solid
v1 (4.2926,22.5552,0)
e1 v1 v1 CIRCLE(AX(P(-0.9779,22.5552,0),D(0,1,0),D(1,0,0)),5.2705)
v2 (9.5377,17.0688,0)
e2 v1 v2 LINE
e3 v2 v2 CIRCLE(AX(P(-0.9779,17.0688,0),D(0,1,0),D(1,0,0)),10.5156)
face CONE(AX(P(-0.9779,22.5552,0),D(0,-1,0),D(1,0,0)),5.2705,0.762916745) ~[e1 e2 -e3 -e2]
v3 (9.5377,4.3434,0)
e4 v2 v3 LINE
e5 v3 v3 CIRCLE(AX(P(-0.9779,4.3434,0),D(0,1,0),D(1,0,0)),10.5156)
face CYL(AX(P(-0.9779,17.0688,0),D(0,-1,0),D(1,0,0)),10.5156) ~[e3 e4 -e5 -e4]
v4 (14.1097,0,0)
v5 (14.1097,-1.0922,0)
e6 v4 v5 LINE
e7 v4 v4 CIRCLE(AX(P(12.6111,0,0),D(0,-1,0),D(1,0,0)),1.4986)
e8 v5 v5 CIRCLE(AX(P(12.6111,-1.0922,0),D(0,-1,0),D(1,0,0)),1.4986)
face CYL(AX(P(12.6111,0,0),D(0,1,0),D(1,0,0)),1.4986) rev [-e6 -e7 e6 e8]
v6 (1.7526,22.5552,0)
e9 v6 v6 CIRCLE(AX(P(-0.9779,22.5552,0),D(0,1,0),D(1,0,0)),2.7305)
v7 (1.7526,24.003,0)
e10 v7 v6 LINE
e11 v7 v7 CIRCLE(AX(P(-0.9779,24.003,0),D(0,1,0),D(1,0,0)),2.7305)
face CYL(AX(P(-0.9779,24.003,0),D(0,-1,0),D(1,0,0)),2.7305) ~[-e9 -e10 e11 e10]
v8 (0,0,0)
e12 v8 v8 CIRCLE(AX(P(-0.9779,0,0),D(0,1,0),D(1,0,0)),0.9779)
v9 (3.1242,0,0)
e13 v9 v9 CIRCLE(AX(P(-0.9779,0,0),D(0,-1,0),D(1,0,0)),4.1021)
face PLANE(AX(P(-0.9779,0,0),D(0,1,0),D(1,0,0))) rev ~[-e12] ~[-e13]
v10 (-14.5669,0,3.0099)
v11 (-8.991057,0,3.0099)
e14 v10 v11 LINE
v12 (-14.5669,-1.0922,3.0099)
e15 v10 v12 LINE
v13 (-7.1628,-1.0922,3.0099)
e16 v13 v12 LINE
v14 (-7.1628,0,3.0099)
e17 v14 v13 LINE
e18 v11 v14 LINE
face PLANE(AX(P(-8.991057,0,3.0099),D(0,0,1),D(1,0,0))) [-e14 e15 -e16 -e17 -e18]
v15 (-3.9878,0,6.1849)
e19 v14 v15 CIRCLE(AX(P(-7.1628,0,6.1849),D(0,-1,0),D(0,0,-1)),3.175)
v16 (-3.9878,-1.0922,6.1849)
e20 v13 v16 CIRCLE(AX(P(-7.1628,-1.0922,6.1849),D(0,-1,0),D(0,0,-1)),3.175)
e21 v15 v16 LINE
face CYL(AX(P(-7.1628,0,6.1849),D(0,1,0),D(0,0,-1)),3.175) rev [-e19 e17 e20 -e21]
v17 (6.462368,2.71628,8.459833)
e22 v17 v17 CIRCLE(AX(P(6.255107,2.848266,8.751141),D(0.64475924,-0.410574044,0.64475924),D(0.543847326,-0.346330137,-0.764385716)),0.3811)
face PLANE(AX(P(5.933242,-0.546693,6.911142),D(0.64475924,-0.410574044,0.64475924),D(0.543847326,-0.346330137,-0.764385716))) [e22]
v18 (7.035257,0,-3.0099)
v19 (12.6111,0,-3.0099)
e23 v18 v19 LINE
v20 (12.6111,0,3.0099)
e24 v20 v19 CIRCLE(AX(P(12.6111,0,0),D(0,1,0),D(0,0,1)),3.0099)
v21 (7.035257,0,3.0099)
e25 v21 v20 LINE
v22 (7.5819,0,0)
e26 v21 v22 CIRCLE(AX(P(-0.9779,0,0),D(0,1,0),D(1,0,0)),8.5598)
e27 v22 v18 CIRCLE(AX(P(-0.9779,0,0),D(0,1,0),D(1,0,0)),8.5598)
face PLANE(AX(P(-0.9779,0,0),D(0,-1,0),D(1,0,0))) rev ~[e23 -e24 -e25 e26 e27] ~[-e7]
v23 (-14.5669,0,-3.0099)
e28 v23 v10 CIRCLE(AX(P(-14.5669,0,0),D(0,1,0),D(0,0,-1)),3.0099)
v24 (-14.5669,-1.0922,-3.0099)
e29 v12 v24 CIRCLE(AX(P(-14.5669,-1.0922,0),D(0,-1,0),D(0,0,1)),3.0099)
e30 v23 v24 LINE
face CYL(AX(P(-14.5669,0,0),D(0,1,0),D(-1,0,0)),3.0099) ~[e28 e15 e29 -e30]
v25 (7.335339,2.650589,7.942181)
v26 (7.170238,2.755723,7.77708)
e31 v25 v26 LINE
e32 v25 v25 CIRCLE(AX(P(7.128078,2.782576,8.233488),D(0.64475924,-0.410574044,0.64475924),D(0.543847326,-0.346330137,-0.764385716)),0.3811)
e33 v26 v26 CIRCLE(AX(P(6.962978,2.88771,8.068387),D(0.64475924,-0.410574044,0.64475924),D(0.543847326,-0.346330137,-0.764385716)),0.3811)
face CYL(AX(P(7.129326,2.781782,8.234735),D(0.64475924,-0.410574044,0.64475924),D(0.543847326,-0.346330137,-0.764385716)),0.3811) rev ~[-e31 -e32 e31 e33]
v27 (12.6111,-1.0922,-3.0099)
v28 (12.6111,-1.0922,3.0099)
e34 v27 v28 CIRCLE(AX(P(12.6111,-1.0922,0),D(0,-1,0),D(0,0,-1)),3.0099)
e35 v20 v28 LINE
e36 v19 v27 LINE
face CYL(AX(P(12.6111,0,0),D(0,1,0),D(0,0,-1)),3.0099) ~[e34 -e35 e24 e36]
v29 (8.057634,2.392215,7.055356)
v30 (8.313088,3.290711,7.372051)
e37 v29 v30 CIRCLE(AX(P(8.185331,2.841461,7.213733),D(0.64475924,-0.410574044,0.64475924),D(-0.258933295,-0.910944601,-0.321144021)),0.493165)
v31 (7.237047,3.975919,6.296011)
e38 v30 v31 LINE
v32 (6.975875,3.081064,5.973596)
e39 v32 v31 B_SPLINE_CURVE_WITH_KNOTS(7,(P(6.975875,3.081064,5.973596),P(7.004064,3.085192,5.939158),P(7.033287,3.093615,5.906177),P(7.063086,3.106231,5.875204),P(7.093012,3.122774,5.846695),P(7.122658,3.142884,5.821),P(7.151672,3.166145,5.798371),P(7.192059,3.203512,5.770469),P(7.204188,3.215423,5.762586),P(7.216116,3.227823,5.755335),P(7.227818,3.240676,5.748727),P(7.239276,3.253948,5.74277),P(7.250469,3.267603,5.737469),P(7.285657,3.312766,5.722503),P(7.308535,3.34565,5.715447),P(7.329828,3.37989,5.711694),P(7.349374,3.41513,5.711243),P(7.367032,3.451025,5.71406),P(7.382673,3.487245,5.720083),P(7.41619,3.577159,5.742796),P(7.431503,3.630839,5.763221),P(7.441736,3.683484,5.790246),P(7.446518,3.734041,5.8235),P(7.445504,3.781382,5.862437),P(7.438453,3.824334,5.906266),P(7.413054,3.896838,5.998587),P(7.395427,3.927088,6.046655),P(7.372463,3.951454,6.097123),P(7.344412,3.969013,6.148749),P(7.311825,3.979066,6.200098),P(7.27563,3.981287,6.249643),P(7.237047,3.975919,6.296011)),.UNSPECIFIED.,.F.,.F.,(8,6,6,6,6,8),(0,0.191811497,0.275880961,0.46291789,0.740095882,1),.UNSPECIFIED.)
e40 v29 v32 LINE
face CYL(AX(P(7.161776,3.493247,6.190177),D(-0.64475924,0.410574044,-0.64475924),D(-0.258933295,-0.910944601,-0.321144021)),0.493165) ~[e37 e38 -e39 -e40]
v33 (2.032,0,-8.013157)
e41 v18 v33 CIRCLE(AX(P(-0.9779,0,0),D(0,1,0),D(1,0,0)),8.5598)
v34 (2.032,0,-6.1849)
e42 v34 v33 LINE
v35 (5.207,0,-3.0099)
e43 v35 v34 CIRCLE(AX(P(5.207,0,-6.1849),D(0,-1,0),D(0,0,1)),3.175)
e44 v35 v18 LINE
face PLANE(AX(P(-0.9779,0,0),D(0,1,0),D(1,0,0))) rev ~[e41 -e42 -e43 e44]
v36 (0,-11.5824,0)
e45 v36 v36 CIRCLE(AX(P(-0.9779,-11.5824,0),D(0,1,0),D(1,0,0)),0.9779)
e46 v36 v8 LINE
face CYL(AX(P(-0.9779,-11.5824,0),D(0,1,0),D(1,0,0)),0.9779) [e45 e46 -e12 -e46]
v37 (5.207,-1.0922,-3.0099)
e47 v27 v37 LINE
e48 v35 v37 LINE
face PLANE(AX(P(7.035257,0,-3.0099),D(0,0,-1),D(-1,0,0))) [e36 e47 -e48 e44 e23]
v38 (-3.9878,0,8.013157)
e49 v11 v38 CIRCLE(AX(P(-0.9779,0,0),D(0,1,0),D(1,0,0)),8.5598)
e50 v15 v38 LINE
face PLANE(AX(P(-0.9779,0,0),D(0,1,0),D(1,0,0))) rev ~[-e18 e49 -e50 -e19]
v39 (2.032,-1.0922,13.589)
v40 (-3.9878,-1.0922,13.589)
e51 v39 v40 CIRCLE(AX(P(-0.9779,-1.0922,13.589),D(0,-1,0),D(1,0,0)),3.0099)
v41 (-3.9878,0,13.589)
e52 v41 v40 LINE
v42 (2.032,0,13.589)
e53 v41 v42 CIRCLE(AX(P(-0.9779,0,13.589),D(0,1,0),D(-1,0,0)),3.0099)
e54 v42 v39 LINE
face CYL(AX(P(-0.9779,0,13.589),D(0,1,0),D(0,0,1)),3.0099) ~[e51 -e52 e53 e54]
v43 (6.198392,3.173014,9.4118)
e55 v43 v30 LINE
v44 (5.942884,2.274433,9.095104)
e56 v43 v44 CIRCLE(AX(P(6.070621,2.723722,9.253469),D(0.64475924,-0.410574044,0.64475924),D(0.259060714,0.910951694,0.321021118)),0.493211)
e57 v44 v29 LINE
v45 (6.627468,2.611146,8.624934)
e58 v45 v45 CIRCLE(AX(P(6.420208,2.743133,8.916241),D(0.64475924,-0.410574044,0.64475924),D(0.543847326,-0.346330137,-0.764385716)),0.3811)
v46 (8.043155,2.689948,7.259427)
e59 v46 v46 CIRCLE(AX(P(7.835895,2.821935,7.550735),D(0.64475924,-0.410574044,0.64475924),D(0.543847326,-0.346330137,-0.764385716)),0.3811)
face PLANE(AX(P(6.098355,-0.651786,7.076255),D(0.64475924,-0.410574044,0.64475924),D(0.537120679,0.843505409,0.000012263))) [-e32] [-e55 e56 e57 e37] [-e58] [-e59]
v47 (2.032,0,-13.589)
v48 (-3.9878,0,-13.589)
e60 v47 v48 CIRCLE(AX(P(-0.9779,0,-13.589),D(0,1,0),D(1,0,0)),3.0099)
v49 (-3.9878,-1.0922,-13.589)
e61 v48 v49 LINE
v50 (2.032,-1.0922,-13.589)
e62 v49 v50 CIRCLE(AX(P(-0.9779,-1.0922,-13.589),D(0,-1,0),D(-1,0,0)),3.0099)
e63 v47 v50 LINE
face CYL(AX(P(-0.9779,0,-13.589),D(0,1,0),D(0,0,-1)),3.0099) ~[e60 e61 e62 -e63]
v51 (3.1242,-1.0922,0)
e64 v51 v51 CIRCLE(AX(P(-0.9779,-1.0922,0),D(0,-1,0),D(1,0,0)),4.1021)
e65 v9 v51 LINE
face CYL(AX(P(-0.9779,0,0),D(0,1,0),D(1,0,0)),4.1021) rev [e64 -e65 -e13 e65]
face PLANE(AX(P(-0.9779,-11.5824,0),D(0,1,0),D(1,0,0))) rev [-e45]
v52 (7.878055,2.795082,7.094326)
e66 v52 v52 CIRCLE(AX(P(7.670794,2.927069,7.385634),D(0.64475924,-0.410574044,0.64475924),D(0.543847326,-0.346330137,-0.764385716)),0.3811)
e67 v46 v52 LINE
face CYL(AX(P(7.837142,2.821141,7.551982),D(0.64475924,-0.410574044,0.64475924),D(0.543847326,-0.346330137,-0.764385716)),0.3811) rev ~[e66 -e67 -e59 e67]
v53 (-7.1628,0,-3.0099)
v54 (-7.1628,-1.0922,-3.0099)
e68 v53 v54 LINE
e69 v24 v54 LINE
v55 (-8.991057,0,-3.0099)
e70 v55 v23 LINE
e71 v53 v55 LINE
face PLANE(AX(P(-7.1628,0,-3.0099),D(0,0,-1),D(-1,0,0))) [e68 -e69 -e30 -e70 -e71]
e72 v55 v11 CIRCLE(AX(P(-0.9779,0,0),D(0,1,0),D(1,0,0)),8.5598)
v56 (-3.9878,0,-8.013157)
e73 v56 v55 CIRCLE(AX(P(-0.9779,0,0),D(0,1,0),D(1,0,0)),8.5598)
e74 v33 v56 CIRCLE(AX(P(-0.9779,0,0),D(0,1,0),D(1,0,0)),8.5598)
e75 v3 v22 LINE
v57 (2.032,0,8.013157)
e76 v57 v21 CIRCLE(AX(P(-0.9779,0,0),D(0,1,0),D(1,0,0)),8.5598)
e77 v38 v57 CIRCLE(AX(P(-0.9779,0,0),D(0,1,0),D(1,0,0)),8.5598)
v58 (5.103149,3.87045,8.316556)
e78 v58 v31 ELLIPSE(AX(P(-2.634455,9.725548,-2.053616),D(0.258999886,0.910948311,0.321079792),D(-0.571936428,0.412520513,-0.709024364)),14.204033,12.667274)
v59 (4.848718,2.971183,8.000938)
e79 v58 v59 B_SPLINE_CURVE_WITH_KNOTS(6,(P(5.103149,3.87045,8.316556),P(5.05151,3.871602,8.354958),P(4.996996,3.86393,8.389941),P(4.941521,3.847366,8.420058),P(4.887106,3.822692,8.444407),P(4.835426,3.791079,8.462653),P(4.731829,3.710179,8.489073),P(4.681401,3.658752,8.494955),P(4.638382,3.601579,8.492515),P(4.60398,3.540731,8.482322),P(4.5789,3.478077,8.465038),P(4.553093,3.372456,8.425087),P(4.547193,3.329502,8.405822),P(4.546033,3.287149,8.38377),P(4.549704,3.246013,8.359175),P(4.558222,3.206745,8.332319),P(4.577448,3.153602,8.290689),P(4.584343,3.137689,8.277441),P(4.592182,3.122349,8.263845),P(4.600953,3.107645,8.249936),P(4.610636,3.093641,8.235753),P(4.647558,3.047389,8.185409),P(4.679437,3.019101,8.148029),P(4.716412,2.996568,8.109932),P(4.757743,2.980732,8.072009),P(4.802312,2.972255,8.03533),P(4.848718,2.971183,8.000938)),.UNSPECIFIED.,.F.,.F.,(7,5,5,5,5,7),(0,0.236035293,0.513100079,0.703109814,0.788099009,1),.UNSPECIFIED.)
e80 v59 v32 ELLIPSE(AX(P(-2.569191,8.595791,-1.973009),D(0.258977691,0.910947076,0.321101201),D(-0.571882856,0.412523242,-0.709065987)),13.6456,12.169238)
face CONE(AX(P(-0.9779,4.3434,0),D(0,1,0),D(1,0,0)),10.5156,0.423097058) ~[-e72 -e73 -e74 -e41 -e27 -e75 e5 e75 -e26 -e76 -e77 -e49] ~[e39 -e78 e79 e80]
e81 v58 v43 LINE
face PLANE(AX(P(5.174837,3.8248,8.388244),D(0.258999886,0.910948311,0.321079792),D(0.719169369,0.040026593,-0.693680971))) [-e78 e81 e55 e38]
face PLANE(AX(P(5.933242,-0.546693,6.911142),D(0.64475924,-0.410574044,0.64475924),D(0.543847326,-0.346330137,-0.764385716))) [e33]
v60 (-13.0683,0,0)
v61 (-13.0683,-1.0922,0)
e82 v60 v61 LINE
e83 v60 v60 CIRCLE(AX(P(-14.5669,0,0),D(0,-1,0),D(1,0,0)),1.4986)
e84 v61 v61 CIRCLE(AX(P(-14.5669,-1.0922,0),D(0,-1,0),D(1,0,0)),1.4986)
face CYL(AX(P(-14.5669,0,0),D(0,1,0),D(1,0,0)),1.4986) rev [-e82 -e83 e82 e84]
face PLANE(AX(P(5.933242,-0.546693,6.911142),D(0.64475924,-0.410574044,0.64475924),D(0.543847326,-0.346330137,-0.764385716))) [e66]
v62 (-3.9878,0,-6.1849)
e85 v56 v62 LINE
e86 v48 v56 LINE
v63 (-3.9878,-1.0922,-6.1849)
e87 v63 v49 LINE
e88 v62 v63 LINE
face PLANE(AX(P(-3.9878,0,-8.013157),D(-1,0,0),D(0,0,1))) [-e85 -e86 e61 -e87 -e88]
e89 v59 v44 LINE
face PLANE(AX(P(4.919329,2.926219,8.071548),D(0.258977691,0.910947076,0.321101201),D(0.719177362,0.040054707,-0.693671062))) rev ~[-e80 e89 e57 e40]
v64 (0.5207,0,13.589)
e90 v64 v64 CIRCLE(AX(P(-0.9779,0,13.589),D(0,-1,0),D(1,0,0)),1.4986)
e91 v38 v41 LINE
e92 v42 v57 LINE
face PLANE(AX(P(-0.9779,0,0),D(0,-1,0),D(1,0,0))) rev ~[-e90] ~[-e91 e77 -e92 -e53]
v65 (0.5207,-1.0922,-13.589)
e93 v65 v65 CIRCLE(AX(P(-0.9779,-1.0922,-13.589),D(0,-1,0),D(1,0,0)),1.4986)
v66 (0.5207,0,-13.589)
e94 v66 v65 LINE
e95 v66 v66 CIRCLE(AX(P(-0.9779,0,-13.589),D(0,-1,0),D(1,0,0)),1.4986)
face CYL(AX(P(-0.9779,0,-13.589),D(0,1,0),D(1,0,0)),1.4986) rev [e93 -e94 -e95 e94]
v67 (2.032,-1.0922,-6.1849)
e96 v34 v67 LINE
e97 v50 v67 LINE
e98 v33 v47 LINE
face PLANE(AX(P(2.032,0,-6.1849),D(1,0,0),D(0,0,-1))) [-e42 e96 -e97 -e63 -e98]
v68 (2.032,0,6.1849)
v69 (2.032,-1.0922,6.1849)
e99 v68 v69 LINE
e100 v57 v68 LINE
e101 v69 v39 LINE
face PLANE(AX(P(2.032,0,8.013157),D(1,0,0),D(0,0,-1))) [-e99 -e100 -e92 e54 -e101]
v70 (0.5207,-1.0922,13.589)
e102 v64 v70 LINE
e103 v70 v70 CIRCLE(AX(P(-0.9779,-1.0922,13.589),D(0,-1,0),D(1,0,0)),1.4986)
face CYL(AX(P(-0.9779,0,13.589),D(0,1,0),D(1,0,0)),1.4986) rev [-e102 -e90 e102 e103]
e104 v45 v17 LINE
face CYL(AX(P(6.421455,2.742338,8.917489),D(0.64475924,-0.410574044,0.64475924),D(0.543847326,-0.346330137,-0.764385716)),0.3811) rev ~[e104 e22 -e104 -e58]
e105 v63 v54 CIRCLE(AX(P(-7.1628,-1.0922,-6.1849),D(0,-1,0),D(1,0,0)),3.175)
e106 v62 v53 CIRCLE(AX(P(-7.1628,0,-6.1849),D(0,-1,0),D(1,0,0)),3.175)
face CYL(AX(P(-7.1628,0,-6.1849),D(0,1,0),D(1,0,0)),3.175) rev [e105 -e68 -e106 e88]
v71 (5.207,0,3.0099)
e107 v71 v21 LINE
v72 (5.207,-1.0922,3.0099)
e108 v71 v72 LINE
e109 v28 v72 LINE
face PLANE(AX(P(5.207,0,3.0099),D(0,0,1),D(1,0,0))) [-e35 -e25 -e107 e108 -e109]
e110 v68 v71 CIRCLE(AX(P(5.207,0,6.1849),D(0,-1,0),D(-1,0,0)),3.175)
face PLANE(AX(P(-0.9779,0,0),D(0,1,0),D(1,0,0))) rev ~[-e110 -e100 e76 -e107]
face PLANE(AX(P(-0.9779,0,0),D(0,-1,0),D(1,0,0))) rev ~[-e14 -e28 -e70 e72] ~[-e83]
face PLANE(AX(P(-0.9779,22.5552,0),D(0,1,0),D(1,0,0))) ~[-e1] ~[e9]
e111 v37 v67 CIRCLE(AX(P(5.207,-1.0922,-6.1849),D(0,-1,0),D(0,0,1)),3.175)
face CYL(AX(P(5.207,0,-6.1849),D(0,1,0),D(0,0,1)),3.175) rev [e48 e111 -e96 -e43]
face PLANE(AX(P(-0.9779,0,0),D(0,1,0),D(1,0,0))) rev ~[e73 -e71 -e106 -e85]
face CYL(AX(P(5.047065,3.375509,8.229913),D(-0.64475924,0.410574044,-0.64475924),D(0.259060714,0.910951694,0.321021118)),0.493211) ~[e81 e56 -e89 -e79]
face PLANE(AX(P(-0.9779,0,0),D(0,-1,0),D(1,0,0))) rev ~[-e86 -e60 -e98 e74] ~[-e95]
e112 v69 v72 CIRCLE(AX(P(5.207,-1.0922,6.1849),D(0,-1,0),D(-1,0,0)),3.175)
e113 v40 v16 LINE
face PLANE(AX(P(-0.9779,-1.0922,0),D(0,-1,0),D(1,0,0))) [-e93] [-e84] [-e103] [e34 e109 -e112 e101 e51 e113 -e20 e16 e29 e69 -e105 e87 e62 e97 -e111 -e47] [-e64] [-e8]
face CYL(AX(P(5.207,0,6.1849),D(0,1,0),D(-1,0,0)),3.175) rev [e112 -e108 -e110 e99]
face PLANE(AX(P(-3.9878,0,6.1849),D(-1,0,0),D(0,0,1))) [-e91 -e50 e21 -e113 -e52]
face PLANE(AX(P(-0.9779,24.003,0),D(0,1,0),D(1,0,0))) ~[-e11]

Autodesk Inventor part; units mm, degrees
ref_plane "YZ Plane" through (0, 0, 0) normal (1, 0, 0) x (0, 1, 0)
ref_plane "XZ Plane" through (0, 0, 0) normal (0, 1, 0) x (-1, 0, 0)
sketch "Sketch1" plane through (0, 0, 0) normal (0, 0, 1) x (1, 0, 0)
  line L0 (-0.9779, 24.003) -> (1.7526, 24.003)
  line L1 (1.7526, 24.003) -> (1.7526, 22.5552)
  line L2 (1.7526, 22.5552) -> (4.2926, 22.5552)
  line L3 (4.2926, 22.5552) -> (9.5377, 17.0688)
  line L4 (9.5377, 17.0688) -> (9.5377, 4.3434)
  line L5 (9.5377, 4.3434) -> (7.5819, 0)
  line L6 (7.5819, 0) -> (0, 0)
  line L7 (-0.9779, -11.5824) -> (-0.9779, 24.003)
  line L8 (-0.9779, -8.6887) -> (-0.9779, -11.5824)
  line L9 (-0.9779, -11.5824) -> (0, -11.5824)
  line L10 (0, -11.5824) -> (0, 0)
  dimension "d0" = 24.003
  dimension "d1" = 10.5156
  dimension "d2" = 22.5552
  dimension "d3" = 17.0688
  dimension "d4" = 4.3434
  dimension "d5" = 2.7305
  dimension "d6" = 11.5824
  dimension "d7" = 0.9779
  dimension "d9" = 5.2705
  dimension "d10" = 8.5598
revolve "Revolution1" add sketch "Sketch1" angle 360 about axis through (-0.9779, -11.5824, 0) along (0, 1, 0)
sketch "Sketch2" plane through (-0.9779, 0, 0) normal (0, -1, 0) x (1, 0, 0)
  circle A0 centre (0, 0) radius 0.9779 projected
  circle A1 centre (0, 0) radius 8.5598 projected
  line L0 (6.1849, 3.0099) -> (13.589, 3.0099)
  line L1 (16.5989, 0) -> (16.5989, 0)
  line L2 (13.589, -3.0099) -> (6.1849, -3.0099)
  line L3 (3.0099, -6.1849) -> (3.0099, -13.589)
  line L4 (0, -16.5989) -> (0, -16.5989)
  line L5 (-3.0099, -13.589) -> (-3.0099, -6.1849)
  line L6 (-6.1849, -3.0099) -> (-13.589, -3.0099)
  line L7 (-16.5989, 0) -> (-16.5989, 0)
  line L8 (-13.589, 3.0099) -> (-6.1849, 3.0099)
  line L9 (-3.0099, 6.1849) -> (-3.0099, 13.589)
  line L10 (0, 16.5989) -> (0, 16.5989)
  line L11 (3.0099, 13.589) -> (3.0099, 6.1849)
  arc A2 (-6.1849, 3.0099) -> (-3.0099, 6.1849) centre (-6.1849, 6.1849) ccw
  arc A3 (3.0099, 6.1849) -> (6.1849, 3.0099) centre (6.1849, 6.1849) ccw
  arc A4 (6.1849, -3.0099) -> (3.0099, -6.1849) centre (6.1849, -6.1849) ccw
  arc A5 (-3.0099, -6.1849) -> (-6.1849, -3.0099) centre (-6.1849, -6.1849) ccw
  arc A6 (16.5989, 0) -> (13.589, 3.0099) centre (13.589, 0) ccw
  arc A7 (13.589, -3.0099) -> (16.5989, 0) centre (13.589, 0) ccw
  arc A8 (-13.589, 3.0099) -> (-16.5989, 0) centre (-13.589, 0) ccw
  arc A9 (-16.5989, 0) -> (-13.589, -3.0099) centre (-13.589, 0) ccw
  arc A10 (-3.0099, -13.589) -> (0, -16.5989) centre (0, -13.589) ccw
  arc A11 (0, -16.5989) -> (3.0099, -13.589) centre (0, -13.589) ccw
  arc A12 (0, 16.5989) -> (-3.0099, 13.589) centre (0, 13.589) ccw
  arc A13 (3.0099, 13.589) -> (0, 16.5989) centre (0, 13.589) ccw
  circle A14 centre (0, 0) radius 4.1021
  circle A15 centre (0, 13.589) radius 1.4986
  circle A16 centre (13.589, 0) radius 1.4986
  circle A17 centre (-13.589, 0) radius 1.4986
  circle A18 centre (0, -13.589) radius 1.4986
  point P0 (0.9779, 0)
  dimension "d15" = 6.0198
  dimension "d16" = 3.175
  dimension "d17" = 3.0099
  dimension "d18" = 13.589
  dimension "d19" = 13.589
  dimension "d20" = 13.589
  dimension "d21" = 8.2042
  dimension "d22" = 2.9972
extrude "Extrusion1" add sketch "Sketch2" along normal blind 1.0922 contours A1 L2 A4 L3 L5 A5 L6 L8 A2 L9 L11 A3 L0 | A1 L0 A6 A7 L2 | A1 L9 A12 A13 L11 | L3 A11 A10 L5 A1 | A1 L6 A9 A8 L8
ref_plane "Work Plane1" through (5.0748, 0, 6.0527) normal (0.6448, -0.4106, 0.6448) x (0.5371, 0.8435, 0)
sketch "Sketch3" plane through (5.0748, 0, 6.0527) normal (0.6448, -0.4106, 0.6448) x (0.5371, 0.8435, 0)
  line L0 (3.28, 3.0554) -> (4.5151, 0.3869)
  line L1 (2.3848, 2.6411) -> (3.62, -0.0274)
  arc A0 (3.28, 3.0554) -> (2.3848, 2.6411) centre (2.8324, 2.8483) ccw
  arc A1 (3.62, -0.0274) -> (4.5151, 0.3869) centre (4.0675, 0.1797) ccw
  point P0 (-2.7259, -1.8667)
extrude "Extrusion2" add sketch "Sketch3" along normal blind 1.5875 and the other way blind 0.254
sketch "Sketch4" plane through (6.0983, -0.6518, 7.0762) normal (0.6448, -0.4106, 0.6448) x (0.5438, -0.3463, -0.7644)
  arc A0 (0.0274, 3.62) -> (-0.3869, 4.5151) centre (-0.1797, 4.0675) ccw projected
  arc A1 (-3.0554, 3.28) -> (-2.6411, 2.3848) centre (-2.8483, 2.8324) ccw projected
  line L0 (0.0274, 3.62) -> (-2.6411, 2.3848) projected
  circle A2 centre (-2.4072, 3.0365) radius 0.3811
  circle A3 centre (-1.514, 3.45) radius 0.3811
  circle A4 centre (-0.6208, 3.8634) radius 0.3811
  line L1 (-2.8483, 2.8324) -> (-0.1797, 4.0675) construction
  line L2 (-2.4072, 3.0365) -> (-1.514, 3.45)
  line L3 (-1.514, 3.45) -> (-0.6208, 3.8634)
  line L4 (-2.4072, 3.0365) -> (-2.8483, 2.8324) construction
  line L5 (-2.4072, 3.0365) -> (-2.8483, 2.8324) construction
  line L6 (-0.6208, 3.8634) -> (-0.1797, 4.0675) construction
  point P0 (1.8667, -2.7259)
extrude "Extrusion3" cut sketch "Sketch4" against normal blind 0.254
sketch "Sketch5" plane through (7.6722, 2.9262, 7.387) normal (0.6448, -0.4106, 0.6448) x (0.7071, 0, -0.7071)
  circle A0 centre (0, 0) radius 0.3811 construction
sketch "Sketch6" plane through (6.9643, 2.8868, 8.0698) normal (0.6448, -0.4106, 0.6448) x (0.7071, 0, -0.7071)
  circle A0 centre (0, 0) radius 0.3811 construction
sketch "Sketch7" plane through (6.2565, 2.8475, 8.7525) normal (0.6448, -0.4106, 0.6448) x (0.7071, 0, -0.7071)
  circle A0 centre (0, 0) radius 0.3811 construction
equation "\"d19\" = d18"
equation "\"d20\" = d18"
properties part number "Thrust_Motor"
